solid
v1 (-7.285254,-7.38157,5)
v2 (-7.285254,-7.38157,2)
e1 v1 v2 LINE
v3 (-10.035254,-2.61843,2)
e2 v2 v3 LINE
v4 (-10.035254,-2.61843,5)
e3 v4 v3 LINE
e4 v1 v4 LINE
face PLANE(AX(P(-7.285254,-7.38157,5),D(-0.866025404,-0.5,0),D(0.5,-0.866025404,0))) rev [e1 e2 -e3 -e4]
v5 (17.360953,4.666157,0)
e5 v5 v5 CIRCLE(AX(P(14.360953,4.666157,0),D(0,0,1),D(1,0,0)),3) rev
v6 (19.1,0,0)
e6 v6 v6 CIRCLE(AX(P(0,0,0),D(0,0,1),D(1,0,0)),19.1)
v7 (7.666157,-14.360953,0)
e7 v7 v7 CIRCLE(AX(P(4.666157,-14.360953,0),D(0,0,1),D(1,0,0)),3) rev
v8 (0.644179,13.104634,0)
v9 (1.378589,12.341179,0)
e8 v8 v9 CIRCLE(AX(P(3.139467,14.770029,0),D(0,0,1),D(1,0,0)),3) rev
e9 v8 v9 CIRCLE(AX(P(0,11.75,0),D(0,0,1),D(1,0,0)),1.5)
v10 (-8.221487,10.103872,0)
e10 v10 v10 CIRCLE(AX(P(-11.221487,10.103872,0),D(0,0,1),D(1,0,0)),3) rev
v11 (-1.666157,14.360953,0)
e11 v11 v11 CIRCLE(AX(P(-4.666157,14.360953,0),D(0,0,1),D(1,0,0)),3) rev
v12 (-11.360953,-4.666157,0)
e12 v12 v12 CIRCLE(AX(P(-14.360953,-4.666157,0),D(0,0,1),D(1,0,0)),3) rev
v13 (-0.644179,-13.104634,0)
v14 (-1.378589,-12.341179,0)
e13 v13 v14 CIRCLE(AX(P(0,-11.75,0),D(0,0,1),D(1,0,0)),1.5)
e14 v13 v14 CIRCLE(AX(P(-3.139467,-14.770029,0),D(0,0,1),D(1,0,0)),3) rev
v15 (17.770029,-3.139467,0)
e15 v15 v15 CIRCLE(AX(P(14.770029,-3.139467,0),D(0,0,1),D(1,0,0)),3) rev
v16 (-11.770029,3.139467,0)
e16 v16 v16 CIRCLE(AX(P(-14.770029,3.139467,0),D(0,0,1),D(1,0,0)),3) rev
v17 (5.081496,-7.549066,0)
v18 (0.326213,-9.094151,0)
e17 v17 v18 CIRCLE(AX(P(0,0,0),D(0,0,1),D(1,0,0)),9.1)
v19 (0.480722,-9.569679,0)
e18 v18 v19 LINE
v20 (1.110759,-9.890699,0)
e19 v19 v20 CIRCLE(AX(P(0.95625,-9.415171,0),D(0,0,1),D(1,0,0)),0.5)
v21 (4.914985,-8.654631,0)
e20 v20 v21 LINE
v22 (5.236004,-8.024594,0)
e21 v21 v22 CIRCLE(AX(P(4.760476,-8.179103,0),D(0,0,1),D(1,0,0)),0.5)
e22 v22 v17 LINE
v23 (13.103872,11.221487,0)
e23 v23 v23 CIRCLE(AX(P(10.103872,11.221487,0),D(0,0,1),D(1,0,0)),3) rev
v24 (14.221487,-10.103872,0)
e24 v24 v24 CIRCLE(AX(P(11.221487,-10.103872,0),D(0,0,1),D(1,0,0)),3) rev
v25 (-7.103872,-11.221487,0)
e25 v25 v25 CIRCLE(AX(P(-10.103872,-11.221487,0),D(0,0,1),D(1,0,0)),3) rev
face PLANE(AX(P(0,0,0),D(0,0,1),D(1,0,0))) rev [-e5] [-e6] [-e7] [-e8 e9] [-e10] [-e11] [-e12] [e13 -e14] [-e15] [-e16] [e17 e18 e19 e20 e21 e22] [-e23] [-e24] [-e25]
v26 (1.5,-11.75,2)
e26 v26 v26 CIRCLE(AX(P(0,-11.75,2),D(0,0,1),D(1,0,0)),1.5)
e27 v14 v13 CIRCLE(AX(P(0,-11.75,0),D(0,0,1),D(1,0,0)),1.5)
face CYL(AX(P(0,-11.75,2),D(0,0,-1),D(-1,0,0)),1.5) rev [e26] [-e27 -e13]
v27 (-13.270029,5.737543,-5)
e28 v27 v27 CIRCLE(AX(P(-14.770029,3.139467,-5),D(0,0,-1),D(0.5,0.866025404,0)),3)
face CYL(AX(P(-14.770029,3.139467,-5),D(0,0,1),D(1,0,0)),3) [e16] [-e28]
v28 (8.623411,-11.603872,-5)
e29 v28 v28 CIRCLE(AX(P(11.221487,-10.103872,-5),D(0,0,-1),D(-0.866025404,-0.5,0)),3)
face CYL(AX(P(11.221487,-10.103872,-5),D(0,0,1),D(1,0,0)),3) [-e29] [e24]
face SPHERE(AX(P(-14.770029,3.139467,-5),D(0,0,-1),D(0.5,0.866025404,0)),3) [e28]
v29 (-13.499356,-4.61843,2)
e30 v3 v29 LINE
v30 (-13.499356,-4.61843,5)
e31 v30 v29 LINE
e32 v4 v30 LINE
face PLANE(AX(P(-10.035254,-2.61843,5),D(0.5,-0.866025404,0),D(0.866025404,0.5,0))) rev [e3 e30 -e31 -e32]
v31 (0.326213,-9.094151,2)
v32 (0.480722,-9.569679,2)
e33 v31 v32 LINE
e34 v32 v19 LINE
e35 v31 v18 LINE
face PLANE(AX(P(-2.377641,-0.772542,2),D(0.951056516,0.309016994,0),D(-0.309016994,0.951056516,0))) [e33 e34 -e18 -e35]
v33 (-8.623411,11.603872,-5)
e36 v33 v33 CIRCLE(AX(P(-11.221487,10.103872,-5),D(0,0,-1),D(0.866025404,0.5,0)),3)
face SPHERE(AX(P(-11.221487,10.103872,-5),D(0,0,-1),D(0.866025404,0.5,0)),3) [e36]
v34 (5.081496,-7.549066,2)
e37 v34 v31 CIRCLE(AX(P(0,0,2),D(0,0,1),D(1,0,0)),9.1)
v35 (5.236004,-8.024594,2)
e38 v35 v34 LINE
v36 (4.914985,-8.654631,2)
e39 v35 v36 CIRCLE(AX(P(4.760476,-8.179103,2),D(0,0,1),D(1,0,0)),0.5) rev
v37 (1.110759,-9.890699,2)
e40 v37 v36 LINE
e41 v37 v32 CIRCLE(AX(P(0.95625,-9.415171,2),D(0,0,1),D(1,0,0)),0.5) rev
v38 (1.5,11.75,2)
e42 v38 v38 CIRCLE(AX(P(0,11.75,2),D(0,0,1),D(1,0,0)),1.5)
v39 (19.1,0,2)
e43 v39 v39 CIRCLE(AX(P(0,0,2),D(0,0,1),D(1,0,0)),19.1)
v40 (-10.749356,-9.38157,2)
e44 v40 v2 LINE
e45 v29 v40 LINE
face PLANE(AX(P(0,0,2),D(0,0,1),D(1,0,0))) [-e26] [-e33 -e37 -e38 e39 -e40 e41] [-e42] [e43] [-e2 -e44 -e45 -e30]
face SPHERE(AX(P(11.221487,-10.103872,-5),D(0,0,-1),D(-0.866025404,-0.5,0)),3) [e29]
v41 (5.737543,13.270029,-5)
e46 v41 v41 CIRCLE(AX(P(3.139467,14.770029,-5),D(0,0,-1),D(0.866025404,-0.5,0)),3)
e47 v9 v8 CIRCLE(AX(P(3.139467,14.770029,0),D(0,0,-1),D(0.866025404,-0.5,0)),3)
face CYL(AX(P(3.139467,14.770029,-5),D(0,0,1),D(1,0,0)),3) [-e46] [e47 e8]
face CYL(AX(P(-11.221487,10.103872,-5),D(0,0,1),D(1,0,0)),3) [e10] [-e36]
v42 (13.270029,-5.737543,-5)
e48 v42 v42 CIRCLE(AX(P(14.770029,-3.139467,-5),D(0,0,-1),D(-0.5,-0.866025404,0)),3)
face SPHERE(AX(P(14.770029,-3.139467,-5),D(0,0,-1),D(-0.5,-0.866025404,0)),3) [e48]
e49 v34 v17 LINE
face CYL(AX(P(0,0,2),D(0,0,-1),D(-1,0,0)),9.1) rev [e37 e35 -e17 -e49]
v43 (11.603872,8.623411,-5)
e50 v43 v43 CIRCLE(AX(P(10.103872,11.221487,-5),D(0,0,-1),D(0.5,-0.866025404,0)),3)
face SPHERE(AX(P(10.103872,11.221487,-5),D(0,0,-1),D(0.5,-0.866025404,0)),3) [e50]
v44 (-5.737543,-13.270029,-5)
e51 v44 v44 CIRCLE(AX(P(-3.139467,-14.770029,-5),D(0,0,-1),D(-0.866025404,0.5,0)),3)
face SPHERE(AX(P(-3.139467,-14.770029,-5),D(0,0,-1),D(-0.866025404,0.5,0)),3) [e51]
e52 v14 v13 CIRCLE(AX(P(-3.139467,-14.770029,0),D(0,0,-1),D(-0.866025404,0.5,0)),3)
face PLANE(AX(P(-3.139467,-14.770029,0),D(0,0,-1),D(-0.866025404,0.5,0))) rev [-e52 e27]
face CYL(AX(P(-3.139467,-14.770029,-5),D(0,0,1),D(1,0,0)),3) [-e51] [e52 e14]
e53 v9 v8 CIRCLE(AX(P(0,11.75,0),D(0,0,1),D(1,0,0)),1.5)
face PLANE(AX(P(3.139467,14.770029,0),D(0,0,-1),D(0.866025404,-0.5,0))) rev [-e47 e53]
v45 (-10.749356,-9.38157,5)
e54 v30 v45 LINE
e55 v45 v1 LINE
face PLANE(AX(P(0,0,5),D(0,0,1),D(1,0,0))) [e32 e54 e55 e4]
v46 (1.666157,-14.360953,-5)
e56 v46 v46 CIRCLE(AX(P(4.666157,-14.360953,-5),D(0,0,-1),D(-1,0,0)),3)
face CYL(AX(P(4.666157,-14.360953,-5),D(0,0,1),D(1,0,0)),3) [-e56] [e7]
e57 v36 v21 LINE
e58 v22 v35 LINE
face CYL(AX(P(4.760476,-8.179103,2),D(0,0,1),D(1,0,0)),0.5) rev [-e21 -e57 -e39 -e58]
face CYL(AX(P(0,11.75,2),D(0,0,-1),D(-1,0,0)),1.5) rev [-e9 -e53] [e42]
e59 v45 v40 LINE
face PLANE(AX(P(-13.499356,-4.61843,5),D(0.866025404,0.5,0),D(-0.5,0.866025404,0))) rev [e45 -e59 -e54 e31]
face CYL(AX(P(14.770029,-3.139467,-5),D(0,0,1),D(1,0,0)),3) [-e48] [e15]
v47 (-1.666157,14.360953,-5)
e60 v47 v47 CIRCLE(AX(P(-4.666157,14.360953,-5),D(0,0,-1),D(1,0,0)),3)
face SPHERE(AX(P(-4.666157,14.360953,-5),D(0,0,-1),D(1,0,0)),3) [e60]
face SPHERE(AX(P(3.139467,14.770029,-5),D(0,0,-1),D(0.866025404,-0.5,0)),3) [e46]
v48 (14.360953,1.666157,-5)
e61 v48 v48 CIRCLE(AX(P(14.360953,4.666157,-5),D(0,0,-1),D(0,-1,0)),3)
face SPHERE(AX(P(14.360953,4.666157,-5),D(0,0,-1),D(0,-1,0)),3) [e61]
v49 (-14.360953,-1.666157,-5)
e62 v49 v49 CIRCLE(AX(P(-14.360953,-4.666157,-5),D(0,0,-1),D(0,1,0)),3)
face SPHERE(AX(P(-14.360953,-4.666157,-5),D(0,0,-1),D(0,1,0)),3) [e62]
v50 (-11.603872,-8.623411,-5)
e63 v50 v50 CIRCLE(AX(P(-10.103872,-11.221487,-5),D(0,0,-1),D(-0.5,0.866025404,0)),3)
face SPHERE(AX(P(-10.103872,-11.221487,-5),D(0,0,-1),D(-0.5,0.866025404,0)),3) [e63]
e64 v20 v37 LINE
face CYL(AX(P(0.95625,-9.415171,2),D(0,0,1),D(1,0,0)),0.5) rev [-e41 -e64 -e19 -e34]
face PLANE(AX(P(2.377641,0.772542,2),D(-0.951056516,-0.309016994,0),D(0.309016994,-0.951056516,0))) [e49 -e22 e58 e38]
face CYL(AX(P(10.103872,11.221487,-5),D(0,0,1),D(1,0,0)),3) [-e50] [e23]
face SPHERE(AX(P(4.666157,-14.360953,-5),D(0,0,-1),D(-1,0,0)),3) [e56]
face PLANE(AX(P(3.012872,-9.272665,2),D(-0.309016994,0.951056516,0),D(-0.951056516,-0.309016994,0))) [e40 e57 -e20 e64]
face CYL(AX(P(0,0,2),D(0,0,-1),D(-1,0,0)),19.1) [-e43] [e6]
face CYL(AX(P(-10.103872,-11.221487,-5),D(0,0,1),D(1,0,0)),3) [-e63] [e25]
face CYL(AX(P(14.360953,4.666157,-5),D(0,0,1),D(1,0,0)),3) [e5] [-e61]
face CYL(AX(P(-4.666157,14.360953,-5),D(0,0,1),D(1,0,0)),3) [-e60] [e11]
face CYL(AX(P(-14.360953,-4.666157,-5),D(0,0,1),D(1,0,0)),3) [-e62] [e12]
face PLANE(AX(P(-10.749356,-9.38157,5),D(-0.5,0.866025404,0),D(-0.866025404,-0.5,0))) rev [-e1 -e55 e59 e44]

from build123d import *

# Parameters (mm, degrees)
SKETCH1_R           = 19.1
SKETCH1_R_2         = 1.5
BOSS_EXTRUDE1_DEPTH = 2
FILLET1_R           = 0.5
BOSS_EXTRUDE2_DEPTH = 3
SKETCH4_R           = 3
BOSS_EXTRUDE3_DEPTH = 5
CIRPATTERN1_COUNT   = 12


with BuildPart() as part:
    # Sketch1 → Boss-Extrude1 (new body)
    with BuildSketch(Plane.XY):
        Circle(SKETCH1_R)
        with Locations((0, -11.75)):
            Circle(SKETCH1_R_2, mode=Mode.SUBTRACT)
        with BuildLine():
            Line((0.635230259, -10.045207653), (0.326213264, -9.094151137))
            ThreePointArc((0.326213264, -9.094151137), (-6.548990025, 6.318285341), (9.1, 0))
            ThreePointArc((9.1, 0), (8.032795659, -4.276002093), (5.081495846, -7.549066165))
            Line((5.081495846, -7.549066165), (5.39051284, -8.500122682))
            Line((5.39051284, -8.500122682), (0.635230259, -10.045207653))
        make_face(mode=Mode.SUBTRACT)
        with Locations((0, 11.75)):
            Circle(SKETCH1_R_2, mode=Mode.SUBTRACT)
    extrude(amount=BOSS_EXTRUDE1_DEPTH)

    # Fillet1
    fillet1_edges = [part.edges().sort_by_distance(p)[0] for p in [
        (0.635230259, -10.045207653, 1),
        (5.39051284, -8.500122682, 1),
    ]]
    fillet(fillet1_edges, radius=FILLET1_R)

    # Sketch3 → Boss-Extrude2 (add)
    with BuildSketch(Plane.XY.offset(2)):
        Polygon((-10.035254038, -2.61843014), (-13.499355653, -4.61843014), (-10.749355653, -9.38156986), (-7.285254038, -7.38156986), align=None)
    extrude(amount=BOSS_EXTRUDE2_DEPTH)

    # Sketch4 → Boss-Extrude3 (add)
    with BuildSketch(Plane(origin=(0, 0, 0), x_dir=(-1, 0, 0), z_dir=(0, 0, -1))):
        with Locations((-4.666156615, -14.360953396)):
            Circle(SKETCH4_R)
    boss_extrude3 = extrude(amount=BOSS_EXTRUDE3_DEPTH)

    # Sketch5 → Revolve1 (revolve)
    with BuildSketch(Plane(origin=(0, 0, -5), x_dir=(-1, 0, 0), z_dir=(0, 0, -1))):
        with BuildLine():
            Line((-4.666156615, -11.360953396), (-4.666156615, -17.360953396))
            ThreePointArc((-4.666156615, -17.360953396), (-1.666156615, -14.360953396), (-4.666156615, -11.360953396))
        make_face()
    revolve1 = revolve(axis=Axis((4.666156615, -11.360953396, -5), (0, -1, 0)))

    # CirPattern1: Boss-Extrude3, Revolve1 ×12 about axis
    cirpattern1_axis = Axis((0, 0, 0), (0, 0, 1))
    for i in range(1, CIRPATTERN1_COUNT):
        add(boss_extrude3.rotate(cirpattern1_axis, i * 360 / CIRPATTERN1_COUNT))
        add(revolve1.rotate(cirpattern1_axis, i * 360 / CIRPATTERN1_COUNT))


solid = part.part
